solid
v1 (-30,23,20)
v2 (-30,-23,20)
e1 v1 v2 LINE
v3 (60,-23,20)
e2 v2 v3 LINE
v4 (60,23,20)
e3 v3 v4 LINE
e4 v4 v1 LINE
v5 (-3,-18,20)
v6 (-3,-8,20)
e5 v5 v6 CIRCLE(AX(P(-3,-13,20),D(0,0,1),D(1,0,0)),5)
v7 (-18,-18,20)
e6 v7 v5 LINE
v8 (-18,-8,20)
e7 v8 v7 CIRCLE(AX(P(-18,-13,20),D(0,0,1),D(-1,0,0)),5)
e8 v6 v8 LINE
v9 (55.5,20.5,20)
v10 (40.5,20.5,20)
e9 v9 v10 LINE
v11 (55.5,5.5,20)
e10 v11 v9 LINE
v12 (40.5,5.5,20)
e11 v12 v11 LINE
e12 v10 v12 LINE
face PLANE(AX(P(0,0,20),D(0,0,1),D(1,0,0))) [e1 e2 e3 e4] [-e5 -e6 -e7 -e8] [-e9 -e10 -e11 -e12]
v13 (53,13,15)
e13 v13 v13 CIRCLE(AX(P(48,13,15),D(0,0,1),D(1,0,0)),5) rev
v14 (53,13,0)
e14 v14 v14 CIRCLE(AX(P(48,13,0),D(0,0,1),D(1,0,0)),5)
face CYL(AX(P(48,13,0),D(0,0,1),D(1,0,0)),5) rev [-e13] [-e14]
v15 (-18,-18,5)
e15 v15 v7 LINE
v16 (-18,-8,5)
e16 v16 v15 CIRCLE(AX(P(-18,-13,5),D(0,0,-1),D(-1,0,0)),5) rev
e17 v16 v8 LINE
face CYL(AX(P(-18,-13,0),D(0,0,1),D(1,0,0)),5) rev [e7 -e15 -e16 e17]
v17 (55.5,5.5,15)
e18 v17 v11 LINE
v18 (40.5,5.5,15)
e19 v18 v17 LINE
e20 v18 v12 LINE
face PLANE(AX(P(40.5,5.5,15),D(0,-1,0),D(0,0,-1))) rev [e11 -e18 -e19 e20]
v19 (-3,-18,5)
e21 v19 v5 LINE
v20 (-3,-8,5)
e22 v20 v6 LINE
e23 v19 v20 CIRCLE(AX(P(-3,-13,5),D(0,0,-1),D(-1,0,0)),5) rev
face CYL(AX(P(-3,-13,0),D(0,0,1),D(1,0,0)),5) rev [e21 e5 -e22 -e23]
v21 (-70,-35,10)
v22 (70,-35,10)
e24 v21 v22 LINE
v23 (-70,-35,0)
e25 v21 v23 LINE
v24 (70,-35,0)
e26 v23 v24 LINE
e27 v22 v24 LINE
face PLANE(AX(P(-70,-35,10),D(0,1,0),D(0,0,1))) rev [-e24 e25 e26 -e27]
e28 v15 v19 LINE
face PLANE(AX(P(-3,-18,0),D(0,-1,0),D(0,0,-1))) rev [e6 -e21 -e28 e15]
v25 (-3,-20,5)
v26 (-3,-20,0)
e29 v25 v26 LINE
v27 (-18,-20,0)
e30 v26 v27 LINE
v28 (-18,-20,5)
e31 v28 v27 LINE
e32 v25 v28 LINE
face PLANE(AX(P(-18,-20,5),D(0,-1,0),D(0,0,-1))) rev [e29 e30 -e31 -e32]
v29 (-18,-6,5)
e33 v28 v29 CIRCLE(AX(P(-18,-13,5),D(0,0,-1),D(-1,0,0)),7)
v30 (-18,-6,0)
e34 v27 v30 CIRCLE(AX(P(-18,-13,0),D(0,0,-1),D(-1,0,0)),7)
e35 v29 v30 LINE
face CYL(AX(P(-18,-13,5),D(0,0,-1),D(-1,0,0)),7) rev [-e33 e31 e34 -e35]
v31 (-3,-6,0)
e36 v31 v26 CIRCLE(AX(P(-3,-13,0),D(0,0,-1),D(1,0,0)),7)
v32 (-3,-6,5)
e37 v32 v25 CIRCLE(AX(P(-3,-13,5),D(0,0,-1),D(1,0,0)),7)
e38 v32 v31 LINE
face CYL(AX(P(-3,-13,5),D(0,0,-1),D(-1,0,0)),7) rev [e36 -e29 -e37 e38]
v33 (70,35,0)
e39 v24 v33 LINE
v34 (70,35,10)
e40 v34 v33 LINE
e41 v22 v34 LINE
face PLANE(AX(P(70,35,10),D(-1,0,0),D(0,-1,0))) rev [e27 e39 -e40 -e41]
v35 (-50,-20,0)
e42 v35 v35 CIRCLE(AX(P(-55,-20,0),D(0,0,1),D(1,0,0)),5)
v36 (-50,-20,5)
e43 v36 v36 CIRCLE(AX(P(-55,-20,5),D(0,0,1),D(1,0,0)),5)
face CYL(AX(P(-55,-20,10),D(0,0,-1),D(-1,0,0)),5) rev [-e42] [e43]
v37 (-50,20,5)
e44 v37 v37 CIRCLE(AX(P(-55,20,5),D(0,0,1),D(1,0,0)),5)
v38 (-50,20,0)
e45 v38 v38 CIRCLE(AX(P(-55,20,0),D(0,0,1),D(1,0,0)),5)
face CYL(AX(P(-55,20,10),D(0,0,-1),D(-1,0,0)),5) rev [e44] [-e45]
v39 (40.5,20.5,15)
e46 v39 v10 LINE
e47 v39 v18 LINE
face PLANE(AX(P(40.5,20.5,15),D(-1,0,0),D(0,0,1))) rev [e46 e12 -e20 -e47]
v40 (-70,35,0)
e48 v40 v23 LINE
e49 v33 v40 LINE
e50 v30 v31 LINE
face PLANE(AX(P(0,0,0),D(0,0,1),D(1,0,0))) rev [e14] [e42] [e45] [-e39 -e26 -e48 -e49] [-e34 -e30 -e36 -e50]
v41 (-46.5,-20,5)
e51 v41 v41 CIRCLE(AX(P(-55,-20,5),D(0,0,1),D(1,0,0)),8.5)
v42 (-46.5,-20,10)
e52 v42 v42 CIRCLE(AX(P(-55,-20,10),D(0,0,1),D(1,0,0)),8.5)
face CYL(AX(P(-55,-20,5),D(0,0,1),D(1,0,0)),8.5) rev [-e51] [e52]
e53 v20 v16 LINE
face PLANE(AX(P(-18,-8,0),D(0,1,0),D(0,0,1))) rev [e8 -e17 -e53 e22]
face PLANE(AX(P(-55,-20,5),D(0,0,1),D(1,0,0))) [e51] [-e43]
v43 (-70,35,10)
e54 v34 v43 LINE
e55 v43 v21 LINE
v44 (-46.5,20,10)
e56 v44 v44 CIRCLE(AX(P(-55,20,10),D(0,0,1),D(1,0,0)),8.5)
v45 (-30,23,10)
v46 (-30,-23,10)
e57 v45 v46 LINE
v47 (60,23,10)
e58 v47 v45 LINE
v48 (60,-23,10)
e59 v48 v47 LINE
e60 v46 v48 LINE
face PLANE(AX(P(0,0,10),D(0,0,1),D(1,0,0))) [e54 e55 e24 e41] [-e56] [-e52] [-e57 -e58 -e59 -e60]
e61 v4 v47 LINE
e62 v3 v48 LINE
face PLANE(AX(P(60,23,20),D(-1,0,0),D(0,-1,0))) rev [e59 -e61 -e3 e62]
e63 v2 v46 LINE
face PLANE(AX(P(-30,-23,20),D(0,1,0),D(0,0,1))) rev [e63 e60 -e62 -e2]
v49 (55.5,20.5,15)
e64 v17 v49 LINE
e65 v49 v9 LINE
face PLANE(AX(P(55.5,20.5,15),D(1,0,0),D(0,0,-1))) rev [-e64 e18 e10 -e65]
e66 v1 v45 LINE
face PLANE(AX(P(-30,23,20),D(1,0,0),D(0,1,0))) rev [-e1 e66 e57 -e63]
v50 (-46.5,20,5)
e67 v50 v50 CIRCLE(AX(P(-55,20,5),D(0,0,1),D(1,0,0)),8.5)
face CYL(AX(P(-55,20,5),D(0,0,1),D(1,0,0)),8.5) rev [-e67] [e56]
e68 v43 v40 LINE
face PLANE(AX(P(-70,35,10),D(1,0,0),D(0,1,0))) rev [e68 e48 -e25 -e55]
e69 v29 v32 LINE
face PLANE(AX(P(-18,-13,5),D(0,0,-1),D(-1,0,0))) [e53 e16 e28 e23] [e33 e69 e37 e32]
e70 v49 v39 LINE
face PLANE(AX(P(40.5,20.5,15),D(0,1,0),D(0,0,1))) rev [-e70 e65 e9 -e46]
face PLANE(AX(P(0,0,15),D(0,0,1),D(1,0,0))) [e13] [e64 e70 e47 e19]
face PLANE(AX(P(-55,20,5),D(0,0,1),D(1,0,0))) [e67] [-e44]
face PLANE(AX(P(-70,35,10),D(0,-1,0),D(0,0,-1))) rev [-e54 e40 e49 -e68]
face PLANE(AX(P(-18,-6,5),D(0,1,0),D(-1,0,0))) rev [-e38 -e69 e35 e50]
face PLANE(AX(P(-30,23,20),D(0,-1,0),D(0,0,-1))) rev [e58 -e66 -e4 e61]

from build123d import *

# Parameters (mm, degrees)
ESQUISSE1_W             = 140
ESQUISSE1_H             = 70
ESQUISSE1_R             = 5
BOSS_EXTRU_1_DEPTH      = 10
ESQUISSE2_R             = 8.5
ENL_V_MAT_EXTRU_1_DEPTH = 5
ESQUISSE3_W             = 90
ESQUISSE3_H             = 46
BOSS_EXTRU_2_DEPTH      = 10
ESQUISSE4_R             = 5
ENL_V_MAT_EXTRU_2_DEPTH = 81.777472107
ESQUISSE5_W             = 15
ESQUISSE5_H             = 15
ENL_V_MAT_EXTRU_3_DEPTH = 5
ENL_V_MAT_EXTRU_4_DEPTH = 5


with BuildPart() as part:
    # Esquisse1 → Boss.-Extru.1 (new body)
    with BuildSketch(Plane.XY):
        Rectangle(ESQUISSE1_W, ESQUISSE1_H)
        with Locations((-55, 20)):
            Circle(ESQUISSE1_R, mode=Mode.SUBTRACT)
        with Locations((-55, -20)):
            Circle(ESQUISSE1_R, mode=Mode.SUBTRACT)
    extrude(amount=BOSS_EXTRU_1_DEPTH)

    # Esquisse2 → Enlèv. mat.-Extru.1 (cut)
    with BuildSketch(Plane.XY.offset(10)):
        with Locations((-55, 20)):
            Circle(ESQUISSE2_R)
        with Locations((-55, -20)):
            Circle(ESQUISSE2_R)
    extrude(amount=-ENL_V_MAT_EXTRU_1_DEPTH, mode=Mode.SUBTRACT)

    # Esquisse3 → Boss.-Extru.2 (add)
    with BuildSketch(Plane.XY.offset(10)):
        with Locations((15, 0)):
            Rectangle(ESQUISSE3_W, ESQUISSE3_H)
    extrude(amount=BOSS_EXTRU_2_DEPTH)

    # Esquisse4 → Enlèv. mat.-Extru.2 (cut, through all)
    with BuildSketch(Plane.XY.offset(20)):
        with Locations((48, 13)):
            Circle(ESQUISSE4_R)
        with BuildLine():
            Line((-18, -8), (-3, -8))
            ThreePointArc((-3, -8), (2, -13), (-3, -18))
            Line((-3, -18), (-18, -18))
            ThreePointArc((-18, -18), (-23, -13), (-18, -8))
        make_face()
    extrude(amount=-ENL_V_MAT_EXTRU_2_DEPTH, mode=Mode.SUBTRACT)

    # Esquisse5 → Enlèv. mat.-Extru.3 (cut)
    with BuildSketch(Plane.XY.offset(20)):
        with Locations((48, 13)):
            Rectangle(ESQUISSE5_W, ESQUISSE5_H)
    extrude(amount=-ENL_V_MAT_EXTRU_3_DEPTH, mode=Mode.SUBTRACT)

    # Esquisse6 → Enlèv. mat.-Extru.4 (cut)
    with BuildSketch(Plane(origin=(0, 0, 0), x_dir=(-1, 0, 0), z_dir=(0, 0, -1))):
        with BuildLine():
            Line((18, -20), (3, -20))
            ThreePointArc((3, -20), (-4, -13), (3, -6))
            Line((3, -6), (18, -6))
            ThreePointArc((18, -6), (25, -13), (18, -20))
        make_face()
    extrude(amount=-ENL_V_MAT_EXTRU_4_DEPTH, mode=Mode.SUBTRACT)


solid = part.part
